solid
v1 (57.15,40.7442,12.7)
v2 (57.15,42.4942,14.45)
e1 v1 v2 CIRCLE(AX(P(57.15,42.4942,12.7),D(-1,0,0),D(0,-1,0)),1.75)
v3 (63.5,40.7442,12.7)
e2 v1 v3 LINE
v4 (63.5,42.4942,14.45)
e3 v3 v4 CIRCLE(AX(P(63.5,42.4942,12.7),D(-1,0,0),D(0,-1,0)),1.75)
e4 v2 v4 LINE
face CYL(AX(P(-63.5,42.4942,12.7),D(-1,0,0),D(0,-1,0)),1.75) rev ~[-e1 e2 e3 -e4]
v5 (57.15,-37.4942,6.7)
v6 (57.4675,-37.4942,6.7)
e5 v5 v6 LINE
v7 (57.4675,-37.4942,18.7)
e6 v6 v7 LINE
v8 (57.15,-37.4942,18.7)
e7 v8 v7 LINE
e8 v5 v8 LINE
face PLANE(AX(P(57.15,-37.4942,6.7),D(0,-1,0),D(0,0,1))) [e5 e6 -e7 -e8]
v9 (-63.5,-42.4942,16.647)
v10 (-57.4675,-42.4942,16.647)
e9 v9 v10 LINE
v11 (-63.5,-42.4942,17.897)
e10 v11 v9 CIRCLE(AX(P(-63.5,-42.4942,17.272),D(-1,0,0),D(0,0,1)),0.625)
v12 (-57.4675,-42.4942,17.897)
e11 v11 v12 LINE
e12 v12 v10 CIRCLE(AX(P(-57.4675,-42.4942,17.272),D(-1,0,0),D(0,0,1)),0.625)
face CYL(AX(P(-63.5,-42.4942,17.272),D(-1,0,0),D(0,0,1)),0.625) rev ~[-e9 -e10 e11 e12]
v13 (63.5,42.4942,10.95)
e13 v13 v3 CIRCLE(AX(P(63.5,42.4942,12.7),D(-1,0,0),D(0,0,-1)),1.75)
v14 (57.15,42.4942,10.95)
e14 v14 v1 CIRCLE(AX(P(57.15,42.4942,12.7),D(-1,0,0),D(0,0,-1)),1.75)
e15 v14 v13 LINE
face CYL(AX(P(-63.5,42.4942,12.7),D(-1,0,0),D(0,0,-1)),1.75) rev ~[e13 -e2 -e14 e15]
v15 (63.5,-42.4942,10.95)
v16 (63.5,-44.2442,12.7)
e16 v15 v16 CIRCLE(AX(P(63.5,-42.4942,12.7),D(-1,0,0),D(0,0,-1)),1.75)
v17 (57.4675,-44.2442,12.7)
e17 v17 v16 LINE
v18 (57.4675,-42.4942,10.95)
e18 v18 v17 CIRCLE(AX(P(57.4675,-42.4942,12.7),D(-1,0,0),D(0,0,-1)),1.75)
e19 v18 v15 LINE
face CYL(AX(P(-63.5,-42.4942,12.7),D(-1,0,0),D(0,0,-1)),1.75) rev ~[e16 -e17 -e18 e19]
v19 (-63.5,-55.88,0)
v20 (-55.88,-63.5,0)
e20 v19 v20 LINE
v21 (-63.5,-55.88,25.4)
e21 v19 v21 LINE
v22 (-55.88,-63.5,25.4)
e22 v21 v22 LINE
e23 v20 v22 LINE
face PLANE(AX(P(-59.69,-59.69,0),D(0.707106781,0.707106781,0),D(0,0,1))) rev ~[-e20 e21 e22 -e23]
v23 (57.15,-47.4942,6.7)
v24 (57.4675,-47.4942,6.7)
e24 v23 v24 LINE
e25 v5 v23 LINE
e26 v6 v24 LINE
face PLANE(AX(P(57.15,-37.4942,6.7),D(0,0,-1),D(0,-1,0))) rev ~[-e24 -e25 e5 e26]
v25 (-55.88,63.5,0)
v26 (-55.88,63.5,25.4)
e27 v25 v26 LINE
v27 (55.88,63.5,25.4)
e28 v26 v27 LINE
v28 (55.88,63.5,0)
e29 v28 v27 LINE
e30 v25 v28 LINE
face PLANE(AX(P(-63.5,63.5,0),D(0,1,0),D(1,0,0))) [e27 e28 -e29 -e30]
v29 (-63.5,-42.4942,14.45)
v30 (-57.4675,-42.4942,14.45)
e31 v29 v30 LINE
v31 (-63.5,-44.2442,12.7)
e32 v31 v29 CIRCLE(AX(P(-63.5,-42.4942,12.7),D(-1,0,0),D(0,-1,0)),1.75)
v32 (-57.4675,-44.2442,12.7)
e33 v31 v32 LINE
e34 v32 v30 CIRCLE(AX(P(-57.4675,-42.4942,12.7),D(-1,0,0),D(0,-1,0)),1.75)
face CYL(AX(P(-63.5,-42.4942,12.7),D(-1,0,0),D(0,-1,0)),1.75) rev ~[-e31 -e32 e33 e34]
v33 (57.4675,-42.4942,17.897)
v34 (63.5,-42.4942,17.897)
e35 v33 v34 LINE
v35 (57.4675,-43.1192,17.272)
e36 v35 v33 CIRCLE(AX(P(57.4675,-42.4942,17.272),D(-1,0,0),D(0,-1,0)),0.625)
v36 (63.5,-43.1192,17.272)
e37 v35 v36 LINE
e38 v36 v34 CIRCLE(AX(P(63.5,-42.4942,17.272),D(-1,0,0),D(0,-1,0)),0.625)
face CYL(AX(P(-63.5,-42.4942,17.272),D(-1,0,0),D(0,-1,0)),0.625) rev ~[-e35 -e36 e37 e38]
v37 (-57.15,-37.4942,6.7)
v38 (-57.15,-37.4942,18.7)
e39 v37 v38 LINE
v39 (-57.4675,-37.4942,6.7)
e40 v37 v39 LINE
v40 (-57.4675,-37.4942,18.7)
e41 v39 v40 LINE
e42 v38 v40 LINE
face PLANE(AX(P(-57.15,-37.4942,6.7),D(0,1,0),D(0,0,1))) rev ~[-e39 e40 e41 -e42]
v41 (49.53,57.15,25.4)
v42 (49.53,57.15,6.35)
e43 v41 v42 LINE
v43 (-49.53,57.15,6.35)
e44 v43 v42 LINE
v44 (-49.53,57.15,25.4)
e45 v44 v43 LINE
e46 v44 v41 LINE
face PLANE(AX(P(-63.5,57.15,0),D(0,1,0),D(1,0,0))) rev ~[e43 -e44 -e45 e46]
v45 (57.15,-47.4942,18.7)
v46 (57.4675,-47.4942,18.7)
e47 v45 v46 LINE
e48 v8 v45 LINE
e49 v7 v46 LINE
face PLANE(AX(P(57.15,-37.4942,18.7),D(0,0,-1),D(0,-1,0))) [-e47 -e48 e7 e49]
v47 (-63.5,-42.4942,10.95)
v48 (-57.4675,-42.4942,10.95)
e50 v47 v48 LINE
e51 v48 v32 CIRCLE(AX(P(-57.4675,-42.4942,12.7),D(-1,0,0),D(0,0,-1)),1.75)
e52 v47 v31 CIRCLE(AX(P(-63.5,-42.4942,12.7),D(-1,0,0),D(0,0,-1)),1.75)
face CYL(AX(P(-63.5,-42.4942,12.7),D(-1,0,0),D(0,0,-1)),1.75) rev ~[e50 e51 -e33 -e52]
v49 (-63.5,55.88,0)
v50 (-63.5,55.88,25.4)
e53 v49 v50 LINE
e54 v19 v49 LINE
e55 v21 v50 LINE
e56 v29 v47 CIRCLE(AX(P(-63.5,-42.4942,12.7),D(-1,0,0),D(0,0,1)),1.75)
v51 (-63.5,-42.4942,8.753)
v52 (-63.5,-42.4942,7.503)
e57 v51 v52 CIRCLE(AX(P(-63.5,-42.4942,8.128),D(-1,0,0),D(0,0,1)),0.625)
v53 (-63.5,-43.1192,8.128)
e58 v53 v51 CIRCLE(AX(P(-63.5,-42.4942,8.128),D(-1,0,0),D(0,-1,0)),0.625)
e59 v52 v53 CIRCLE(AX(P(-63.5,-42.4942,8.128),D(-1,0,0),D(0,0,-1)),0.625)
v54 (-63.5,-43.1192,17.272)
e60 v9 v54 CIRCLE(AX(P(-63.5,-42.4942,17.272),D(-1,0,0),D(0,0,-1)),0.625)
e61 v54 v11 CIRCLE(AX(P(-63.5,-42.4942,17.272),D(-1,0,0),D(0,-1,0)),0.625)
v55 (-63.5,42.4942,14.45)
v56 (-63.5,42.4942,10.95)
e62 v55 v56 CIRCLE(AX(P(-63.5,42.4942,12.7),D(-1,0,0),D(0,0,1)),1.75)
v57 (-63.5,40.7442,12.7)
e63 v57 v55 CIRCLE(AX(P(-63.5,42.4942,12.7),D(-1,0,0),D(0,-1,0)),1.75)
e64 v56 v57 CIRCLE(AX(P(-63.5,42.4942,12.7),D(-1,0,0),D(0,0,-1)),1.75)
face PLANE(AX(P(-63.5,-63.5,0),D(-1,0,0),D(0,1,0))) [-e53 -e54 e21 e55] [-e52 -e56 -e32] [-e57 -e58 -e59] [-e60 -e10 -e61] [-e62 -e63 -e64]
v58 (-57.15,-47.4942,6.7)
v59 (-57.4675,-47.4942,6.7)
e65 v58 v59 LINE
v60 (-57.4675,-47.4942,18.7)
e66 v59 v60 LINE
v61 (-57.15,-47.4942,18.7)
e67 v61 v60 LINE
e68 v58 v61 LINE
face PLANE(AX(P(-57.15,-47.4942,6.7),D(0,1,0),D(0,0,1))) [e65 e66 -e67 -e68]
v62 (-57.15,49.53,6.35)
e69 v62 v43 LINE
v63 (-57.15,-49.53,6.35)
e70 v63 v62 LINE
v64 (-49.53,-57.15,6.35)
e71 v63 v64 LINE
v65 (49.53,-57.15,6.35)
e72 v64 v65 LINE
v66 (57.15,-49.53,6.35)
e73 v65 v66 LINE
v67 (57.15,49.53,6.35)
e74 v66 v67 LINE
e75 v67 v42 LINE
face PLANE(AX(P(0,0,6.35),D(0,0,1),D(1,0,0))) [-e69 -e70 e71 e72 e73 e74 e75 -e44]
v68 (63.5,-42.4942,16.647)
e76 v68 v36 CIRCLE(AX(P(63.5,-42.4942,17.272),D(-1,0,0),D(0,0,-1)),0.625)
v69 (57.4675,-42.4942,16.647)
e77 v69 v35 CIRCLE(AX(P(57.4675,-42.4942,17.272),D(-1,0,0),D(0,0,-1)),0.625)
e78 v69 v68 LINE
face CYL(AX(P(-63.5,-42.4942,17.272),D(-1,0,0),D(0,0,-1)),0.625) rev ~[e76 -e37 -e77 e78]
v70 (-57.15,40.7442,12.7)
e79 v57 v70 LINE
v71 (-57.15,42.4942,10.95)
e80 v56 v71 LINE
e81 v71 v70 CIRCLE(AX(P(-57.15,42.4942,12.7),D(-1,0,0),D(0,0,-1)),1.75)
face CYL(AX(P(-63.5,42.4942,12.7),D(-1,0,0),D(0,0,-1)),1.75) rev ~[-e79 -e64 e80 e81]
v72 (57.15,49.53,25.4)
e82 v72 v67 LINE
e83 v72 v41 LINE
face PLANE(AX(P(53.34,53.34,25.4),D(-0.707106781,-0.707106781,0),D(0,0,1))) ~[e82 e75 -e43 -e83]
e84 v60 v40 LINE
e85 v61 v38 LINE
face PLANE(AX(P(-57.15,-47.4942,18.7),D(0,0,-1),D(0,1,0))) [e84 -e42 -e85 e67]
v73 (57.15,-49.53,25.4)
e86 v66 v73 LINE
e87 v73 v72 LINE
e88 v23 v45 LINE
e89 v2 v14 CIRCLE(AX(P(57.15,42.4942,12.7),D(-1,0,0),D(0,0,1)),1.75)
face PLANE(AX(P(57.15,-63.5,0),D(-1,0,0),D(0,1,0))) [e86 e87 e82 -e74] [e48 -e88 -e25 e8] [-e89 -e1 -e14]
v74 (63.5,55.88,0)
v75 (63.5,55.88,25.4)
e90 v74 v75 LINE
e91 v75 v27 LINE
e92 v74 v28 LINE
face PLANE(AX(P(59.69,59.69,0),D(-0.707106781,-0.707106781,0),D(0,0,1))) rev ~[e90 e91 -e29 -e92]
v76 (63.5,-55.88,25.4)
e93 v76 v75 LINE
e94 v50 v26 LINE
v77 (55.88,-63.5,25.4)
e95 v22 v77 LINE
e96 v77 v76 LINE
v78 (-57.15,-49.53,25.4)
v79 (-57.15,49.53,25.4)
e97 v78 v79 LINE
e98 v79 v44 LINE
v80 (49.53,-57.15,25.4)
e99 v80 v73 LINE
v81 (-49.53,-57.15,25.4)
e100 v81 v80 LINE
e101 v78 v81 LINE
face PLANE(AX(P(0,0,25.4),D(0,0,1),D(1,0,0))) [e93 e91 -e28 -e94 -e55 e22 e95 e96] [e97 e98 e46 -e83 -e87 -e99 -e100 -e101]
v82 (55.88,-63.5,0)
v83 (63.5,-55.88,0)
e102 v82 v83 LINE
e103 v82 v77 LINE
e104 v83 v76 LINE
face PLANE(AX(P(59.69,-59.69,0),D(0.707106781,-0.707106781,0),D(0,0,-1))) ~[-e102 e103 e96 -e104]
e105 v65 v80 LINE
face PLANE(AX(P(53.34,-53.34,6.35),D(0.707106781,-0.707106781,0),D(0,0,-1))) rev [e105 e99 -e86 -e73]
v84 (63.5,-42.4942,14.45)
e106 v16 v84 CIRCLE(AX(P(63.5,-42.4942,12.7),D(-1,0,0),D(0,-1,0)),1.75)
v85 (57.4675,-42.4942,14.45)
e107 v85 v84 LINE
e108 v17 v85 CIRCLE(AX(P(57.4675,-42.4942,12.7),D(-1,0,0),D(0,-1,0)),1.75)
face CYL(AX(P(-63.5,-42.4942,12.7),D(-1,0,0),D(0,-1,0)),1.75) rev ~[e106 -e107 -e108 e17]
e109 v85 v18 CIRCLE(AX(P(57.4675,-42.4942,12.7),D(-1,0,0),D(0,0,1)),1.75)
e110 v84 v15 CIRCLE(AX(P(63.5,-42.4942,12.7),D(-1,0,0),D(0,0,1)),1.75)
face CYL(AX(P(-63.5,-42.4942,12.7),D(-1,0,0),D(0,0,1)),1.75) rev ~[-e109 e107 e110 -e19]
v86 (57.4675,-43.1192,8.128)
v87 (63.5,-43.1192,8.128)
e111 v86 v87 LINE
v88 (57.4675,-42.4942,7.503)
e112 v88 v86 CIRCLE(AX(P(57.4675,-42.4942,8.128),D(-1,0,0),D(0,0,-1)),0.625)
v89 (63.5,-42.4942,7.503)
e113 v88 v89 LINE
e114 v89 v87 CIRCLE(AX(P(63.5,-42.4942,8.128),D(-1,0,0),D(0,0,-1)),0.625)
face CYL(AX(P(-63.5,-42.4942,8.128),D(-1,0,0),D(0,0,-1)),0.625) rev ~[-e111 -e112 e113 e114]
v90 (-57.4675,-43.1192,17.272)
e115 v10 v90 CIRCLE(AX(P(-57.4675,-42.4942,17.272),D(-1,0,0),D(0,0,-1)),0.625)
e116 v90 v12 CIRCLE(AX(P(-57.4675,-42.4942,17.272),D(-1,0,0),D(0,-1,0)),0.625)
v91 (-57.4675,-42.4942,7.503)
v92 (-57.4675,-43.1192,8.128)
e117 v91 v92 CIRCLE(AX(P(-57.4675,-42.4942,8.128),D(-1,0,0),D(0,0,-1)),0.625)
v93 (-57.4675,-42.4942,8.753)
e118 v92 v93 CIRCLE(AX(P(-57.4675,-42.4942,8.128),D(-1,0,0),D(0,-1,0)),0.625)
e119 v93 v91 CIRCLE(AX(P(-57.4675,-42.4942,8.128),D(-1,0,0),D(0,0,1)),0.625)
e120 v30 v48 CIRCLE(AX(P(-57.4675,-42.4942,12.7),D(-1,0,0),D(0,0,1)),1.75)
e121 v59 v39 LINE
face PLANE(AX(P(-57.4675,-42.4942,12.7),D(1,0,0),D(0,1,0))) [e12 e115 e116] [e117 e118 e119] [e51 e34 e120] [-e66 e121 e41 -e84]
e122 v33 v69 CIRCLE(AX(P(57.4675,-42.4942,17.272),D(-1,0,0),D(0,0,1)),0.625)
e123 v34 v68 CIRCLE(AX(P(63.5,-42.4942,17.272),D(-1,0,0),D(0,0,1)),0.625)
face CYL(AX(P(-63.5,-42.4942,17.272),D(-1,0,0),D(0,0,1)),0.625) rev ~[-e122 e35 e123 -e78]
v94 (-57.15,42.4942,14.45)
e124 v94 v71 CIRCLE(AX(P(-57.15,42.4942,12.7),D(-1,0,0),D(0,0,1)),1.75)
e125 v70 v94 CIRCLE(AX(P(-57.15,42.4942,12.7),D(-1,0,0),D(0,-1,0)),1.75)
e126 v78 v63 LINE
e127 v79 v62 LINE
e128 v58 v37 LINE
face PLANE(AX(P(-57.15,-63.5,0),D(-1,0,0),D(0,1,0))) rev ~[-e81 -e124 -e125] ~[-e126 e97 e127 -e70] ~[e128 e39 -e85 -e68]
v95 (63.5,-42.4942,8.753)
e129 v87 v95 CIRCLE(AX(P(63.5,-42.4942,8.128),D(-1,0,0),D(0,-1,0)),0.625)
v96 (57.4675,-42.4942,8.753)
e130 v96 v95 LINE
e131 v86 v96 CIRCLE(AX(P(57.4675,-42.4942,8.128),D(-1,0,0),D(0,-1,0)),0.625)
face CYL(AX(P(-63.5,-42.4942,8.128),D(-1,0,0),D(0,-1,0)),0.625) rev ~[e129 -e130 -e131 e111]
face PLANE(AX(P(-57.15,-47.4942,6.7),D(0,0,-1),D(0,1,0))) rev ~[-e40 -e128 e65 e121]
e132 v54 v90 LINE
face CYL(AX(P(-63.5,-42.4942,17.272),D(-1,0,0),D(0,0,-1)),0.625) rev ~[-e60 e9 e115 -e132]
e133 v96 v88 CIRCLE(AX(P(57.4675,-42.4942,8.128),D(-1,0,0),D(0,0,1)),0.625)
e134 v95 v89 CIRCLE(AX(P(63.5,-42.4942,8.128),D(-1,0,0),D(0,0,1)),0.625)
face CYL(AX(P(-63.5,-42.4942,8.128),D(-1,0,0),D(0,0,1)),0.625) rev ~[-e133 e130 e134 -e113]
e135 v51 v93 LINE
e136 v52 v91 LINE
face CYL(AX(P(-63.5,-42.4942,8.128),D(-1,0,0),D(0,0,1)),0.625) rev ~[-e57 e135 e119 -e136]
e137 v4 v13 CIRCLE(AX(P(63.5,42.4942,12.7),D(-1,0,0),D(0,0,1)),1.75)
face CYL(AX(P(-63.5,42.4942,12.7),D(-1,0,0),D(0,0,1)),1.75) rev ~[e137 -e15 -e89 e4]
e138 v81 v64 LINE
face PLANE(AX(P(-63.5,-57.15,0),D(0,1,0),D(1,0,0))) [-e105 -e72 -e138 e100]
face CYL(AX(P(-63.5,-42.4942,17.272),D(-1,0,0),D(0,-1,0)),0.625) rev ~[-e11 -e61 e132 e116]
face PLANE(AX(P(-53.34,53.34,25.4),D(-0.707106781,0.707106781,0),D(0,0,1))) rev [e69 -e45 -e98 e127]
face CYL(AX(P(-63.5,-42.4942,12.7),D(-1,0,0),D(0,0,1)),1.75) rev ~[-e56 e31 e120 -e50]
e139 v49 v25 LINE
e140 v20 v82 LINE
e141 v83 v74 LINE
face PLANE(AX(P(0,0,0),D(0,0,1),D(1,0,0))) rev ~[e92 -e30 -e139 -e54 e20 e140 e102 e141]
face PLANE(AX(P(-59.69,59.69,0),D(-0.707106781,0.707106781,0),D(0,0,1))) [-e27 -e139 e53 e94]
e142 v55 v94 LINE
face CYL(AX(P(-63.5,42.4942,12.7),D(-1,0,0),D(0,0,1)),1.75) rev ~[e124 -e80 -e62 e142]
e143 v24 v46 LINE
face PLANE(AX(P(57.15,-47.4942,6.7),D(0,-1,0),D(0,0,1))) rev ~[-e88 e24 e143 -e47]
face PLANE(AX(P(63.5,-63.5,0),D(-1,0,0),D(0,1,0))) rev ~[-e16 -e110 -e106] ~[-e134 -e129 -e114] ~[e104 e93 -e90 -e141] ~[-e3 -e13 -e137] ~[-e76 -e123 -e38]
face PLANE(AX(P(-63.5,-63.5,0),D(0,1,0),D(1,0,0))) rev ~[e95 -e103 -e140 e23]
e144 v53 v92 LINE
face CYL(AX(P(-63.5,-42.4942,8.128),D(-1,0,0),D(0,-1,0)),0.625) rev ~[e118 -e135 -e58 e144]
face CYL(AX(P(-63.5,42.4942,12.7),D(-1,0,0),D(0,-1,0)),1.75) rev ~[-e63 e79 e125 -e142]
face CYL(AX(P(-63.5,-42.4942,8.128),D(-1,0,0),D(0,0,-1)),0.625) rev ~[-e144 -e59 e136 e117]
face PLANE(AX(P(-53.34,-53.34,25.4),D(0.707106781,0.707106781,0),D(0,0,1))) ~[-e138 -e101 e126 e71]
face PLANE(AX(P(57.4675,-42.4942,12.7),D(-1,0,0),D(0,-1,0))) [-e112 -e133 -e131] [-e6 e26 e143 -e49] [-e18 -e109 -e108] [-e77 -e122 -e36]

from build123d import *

# Parameters (mm, degrees)
F0_W      = 127
F0_H      = 127
F1_DEPTH  = 25.4
F2_T      = -6.35
F3_SIZE   = 7.62
F5_DEPTH  = 127.001
F6_W      = 10
F6_H      = 12
F7_DEPTH  = 0.3175
F8_W      = 10
F8_H      = 12
F9_DEPTH  = 0.3175
F11_DEPTH = 127.001


with BuildPart() as f1:
    # F0 (on Top) → F1 (new body)
    with BuildSketch(Plane.XY):
        Rectangle(F0_W, F0_H)
    extrude(amount=F1_DEPTH)

    # F2
    f2_openings = [f1.faces().sort_by_distance(p)[0] for p in [
        (0, 0, 25.4),
    ]]
    offset(amount=F2_T, openings=f2_openings)

    # F3
    f3_edges = [f1.edges().sort_by_distance(p)[0] for p in [
        (-63.5, -63.5, 12.7),
        (63.5, -63.5, 12.7),
        (63.5, 63.5, 12.7),
        (-63.5, 63.5, 12.7),
        (-57.15, 57.15, 15.875),
        (57.15, 57.15, 15.875),
        (57.15, -57.15, 15.875),
        (-57.15, -57.15, 15.875),
    ]]
    chamfer(f3_edges, length=F3_SIZE)

    # F4 (on face) → F5 (cut, through all)
    with BuildSketch(Plane(origin=(-63.5, 0, 0), x_dir=(0, -1, 0), z_dir=(-1, 0, 0))):
        with BuildLine():
            ThreePointArc((42.4942, 8.753), (41.8692, 8.128), (42.4942, 7.503))
            Line((42.4942, 7.503), (42.4942, 8.753))
        make_face()
        with BuildLine():
            ThreePointArc((42.4942, 17.897), (41.8692, 17.272), (42.4942, 16.647))
            Line((42.4942, 16.647), (42.4942, 17.897))
        make_face()
        with BuildLine():
            Line((42.4942, 17.897), (42.4942, 16.647))
            ThreePointArc((42.4942, 16.647), (42.9361417382, 16.8300582618), (43.1192, 17.272))
            ThreePointArc((43.1192, 17.272), (42.9361417382, 17.7139417382), (42.4942, 17.897))
        make_face()
        with BuildLine():
            ThreePointArc((42.4942, 14.45), (40.7442, 12.7), (42.4942, 10.95))
            Line((42.4942, 10.95), (42.4942, 12.7))
            Line((42.4942, 12.7), (42.4942, 14.45))
        make_face()
        with BuildLine():
            Line((42.4942, 12.7), (42.4942, 10.95))
            ThreePointArc((42.4942, 10.95), (43.7316368671, 11.4625631329), (44.2442, 12.7))
            Line((44.2442, 12.7), (42.4942, 12.7))
        make_face()
        with BuildLine():
            Line((42.4942, 8.753), (42.4942, 7.503))
            ThreePointArc((42.4942, 7.503), (42.9361417382, 7.6860582618), (43.1192, 8.128))
            ThreePointArc((43.1192, 8.128), (42.9361417382, 8.5699417382), (42.4942, 8.753))
        make_face()
        with BuildLine():
            Line((42.4942, 14.45), (42.4942, 12.7))
            Line((42.4942, 12.7), (44.2442, 12.7))
            ThreePointArc((44.2442, 12.7), (43.7316368671, 13.9374368671), (42.4942, 14.45))
        make_face()
    extrude(amount=-F5_DEPTH, mode=Mode.SUBTRACT)

    # F6 (on face) → F7 (cut)
    with BuildSketch(Plane.YZ.offset(-57.15)):
        with Locations((-42.4942, 12.7)):
            Rectangle(F6_W, F6_H)
    extrude(amount=-F7_DEPTH, mode=Mode.SUBTRACT)

    # F8 (on face) → F9 (cut)
    with BuildSketch(Plane(origin=(57.15, 0, 0), x_dir=(0, -1, 0), z_dir=(-1, 0, 0))):
        with Locations((42.4942, 12.7)):
            Rectangle(F8_W, F8_H)
    extrude(amount=-F9_DEPTH, mode=Mode.SUBTRACT)

    # F10 (on face) → F11 (cut, through all)
    with BuildSketch(Plane(origin=(-63.5, 0, 0), x_dir=(0, -1, 0), z_dir=(-1, 0, 0))):
        with BuildLine():
            ThreePointArc((-42.4942, 14.45), (-44.2442, 12.7), (-42.4942, 10.95))
            Line((-42.4942, 10.95), (-42.4942, 14.45))
        make_face()
        with BuildLine():
            Line((-42.4942, 14.45), (-42.4942, 10.95))
            ThreePointArc((-42.4942, 10.95), (-41.2567631329, 11.4625631329), (-40.7442, 12.7))
            ThreePointArc((-40.7442, 12.7), (-41.2567631329, 13.9374368671), (-42.4942, 14.45))
        make_face()
    extrude(amount=-F11_DEPTH, mode=Mode.SUBTRACT)


solid = f1.part
